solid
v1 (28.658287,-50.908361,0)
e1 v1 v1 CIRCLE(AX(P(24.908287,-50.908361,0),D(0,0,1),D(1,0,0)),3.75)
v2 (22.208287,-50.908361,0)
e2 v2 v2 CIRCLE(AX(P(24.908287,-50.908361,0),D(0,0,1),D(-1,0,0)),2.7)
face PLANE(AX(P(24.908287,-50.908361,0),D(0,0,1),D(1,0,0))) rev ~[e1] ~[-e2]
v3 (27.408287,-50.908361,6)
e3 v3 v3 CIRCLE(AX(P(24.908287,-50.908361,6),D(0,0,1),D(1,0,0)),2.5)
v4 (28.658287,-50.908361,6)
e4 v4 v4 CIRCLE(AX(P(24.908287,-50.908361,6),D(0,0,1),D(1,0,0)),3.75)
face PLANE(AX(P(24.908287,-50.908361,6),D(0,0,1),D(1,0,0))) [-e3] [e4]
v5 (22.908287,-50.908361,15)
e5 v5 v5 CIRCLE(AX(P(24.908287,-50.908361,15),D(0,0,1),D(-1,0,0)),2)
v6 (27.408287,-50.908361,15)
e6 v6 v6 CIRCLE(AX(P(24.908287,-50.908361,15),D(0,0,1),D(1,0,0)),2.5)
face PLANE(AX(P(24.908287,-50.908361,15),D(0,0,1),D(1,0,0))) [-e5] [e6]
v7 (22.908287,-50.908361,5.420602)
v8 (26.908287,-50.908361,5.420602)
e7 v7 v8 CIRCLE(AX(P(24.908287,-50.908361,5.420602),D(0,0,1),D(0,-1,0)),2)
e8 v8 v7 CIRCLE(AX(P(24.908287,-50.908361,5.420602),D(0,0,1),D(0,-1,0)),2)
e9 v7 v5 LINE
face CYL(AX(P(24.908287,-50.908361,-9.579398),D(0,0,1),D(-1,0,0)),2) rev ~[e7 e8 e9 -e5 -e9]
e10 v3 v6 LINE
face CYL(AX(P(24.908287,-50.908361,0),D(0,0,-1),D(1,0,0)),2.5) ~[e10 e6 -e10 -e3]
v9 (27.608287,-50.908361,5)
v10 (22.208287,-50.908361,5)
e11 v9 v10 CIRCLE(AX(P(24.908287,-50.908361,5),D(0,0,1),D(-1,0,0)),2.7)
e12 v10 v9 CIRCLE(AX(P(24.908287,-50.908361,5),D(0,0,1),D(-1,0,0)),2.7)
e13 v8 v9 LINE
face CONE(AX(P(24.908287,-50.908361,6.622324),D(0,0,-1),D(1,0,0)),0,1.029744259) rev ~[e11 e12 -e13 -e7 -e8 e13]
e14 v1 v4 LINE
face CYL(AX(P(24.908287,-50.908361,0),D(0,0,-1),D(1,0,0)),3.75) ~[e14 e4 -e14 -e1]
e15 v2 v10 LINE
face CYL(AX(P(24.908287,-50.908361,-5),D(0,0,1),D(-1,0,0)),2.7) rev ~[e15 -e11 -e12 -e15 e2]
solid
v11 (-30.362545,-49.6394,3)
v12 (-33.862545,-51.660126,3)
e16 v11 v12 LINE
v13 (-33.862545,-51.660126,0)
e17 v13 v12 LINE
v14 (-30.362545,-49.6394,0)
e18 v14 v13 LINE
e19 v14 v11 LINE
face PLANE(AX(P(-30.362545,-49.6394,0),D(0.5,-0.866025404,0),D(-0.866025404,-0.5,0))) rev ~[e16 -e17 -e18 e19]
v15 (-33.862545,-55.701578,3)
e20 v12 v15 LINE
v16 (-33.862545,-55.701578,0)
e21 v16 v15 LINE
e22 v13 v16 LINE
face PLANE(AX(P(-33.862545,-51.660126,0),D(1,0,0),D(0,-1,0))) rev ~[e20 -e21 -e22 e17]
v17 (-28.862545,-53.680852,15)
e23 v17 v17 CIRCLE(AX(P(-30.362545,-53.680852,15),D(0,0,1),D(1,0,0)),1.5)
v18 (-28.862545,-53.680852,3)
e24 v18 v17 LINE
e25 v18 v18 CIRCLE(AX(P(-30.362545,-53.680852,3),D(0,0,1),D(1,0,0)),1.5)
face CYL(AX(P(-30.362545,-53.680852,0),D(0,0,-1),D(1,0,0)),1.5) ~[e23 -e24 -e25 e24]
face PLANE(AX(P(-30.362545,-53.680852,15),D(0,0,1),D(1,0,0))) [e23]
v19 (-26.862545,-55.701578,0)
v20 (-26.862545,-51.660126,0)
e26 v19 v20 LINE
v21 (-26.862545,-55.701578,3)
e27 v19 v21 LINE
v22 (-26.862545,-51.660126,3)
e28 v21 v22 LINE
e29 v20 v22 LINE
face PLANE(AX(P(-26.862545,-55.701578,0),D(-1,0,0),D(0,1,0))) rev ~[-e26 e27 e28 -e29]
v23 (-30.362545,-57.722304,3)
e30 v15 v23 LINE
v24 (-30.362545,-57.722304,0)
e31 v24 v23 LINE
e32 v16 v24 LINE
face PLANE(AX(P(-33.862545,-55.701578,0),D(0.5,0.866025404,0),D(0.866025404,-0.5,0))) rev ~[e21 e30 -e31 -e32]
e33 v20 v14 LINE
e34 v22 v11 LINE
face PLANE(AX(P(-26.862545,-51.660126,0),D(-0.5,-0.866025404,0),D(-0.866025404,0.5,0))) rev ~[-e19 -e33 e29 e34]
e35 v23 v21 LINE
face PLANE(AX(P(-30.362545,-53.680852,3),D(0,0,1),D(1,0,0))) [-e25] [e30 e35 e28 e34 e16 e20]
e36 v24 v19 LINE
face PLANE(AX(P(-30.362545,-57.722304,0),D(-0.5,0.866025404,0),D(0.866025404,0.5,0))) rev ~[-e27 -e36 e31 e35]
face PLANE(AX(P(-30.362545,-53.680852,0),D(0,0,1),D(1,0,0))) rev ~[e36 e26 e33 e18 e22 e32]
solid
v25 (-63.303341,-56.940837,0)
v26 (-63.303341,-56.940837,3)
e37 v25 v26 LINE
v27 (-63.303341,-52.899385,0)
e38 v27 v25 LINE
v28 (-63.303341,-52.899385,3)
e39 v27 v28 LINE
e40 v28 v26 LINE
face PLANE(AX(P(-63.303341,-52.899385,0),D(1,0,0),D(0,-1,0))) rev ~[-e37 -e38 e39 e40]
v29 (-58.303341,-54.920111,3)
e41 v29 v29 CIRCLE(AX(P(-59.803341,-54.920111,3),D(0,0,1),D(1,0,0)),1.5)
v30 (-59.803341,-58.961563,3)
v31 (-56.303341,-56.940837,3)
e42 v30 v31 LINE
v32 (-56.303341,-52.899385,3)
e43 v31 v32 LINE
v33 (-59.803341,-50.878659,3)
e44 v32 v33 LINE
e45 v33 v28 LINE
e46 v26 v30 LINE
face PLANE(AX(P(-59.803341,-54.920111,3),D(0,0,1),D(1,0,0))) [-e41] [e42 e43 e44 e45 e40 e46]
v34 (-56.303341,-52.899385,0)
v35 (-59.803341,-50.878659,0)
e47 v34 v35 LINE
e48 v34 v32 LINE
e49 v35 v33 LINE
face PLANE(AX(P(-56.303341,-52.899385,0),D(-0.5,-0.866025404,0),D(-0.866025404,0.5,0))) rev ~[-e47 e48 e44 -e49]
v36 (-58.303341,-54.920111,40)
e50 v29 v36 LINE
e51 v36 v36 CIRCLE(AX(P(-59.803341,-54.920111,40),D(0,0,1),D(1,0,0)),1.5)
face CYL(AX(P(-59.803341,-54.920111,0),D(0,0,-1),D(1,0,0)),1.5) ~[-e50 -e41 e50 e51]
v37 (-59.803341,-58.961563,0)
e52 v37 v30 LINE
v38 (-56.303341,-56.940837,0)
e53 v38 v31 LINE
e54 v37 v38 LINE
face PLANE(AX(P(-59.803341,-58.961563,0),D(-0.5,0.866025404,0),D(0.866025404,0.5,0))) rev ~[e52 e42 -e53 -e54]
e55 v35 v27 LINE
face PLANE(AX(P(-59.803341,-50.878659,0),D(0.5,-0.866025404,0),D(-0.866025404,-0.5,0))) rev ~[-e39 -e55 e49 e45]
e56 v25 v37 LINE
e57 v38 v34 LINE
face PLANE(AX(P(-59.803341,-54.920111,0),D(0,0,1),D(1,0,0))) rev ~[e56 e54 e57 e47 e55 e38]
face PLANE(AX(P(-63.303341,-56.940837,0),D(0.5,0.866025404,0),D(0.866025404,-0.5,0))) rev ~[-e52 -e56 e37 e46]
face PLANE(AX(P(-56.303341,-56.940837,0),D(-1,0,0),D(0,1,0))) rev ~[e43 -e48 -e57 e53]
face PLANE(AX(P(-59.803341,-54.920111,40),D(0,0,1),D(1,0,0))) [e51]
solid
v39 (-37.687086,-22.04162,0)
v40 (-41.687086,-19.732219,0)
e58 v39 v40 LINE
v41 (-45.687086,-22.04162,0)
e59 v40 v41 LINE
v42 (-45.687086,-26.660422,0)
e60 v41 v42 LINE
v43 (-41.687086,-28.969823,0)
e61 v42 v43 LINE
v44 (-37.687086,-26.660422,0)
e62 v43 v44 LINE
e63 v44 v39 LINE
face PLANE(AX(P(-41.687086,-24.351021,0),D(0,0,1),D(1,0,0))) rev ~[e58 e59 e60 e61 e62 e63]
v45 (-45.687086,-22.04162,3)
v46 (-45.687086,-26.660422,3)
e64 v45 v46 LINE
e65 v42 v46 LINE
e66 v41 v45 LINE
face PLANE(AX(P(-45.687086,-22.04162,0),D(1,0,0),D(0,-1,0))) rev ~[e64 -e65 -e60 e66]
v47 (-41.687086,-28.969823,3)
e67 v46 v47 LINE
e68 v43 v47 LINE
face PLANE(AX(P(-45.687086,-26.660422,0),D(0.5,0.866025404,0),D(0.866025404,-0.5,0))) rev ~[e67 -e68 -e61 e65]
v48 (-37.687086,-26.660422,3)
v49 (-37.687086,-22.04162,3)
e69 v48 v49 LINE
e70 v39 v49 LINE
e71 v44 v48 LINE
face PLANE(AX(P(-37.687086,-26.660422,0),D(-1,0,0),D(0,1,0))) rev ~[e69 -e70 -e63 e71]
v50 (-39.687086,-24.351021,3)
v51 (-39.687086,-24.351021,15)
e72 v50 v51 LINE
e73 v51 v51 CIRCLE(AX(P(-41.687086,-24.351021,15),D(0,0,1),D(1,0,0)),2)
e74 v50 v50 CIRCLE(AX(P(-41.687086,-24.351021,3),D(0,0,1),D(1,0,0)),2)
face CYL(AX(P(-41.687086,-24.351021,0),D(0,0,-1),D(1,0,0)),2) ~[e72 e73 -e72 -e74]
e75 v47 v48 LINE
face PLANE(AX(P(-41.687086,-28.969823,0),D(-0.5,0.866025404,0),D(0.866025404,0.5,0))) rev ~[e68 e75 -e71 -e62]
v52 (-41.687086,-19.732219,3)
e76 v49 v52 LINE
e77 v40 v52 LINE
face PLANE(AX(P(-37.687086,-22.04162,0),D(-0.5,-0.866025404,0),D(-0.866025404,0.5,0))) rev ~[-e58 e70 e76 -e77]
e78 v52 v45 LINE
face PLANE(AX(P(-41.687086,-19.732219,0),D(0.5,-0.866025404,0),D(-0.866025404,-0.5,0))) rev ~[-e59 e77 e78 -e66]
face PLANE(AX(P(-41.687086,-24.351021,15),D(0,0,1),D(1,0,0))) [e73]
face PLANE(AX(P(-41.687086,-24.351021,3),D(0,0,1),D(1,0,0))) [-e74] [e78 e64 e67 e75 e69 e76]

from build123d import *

# Parameters (mm, degrees)
F0_R     = 1.5
F1_DEPTH = 3
F0_R_2   = 2
F2_DEPTH = 40
F3_DEPTH = 15
F4_R     = 3.75
F4_R_2   = 2.5
F5_DEPTH = 6
F6_DEPTH = 15
F7_D     = 5.4
F7_DEPTH = 5
F7_TIP   = 1.6223236714
F8_D     = 4
F8_DEPTH = 15
F8_START = 5.4206024
F8_TIP   = 1.2017212381


with BuildPart() as f1:
    # F0 (on Top) → F1 (new body)
    with BuildSketch(Plane.XY):
        Polygon((-56.303340584, -56.9408367937), (-56.303340584, -52.8993849094), (-59.803340584, -50.8786589672), (-63.303340584, -52.8993849094), (-63.303340584, -56.9408367937), (-59.803340584, -58.9615627359), align=None)
        with Locations((-59.803340584, -54.9201108515)):
            Circle(F0_R, mode=Mode.SUBTRACT)
    extrude(amount=F1_DEPTH)

    # F0 (on Top) → F2 (join)
    with BuildSketch(Plane.XY):
        with Locations((-59.803340584, -54.9201108515)):
            Circle(F0_R)
    extrude(amount=F2_DEPTH)


with BuildPart() as f1b:
    # F0 (on Top) → F1, piece 2 (new body)
    with BuildSketch(Plane.XY):
        Polygon((-26.8625445813, -55.7015779977), (-26.8625445813, -51.6601261134), (-30.3625445813, -49.6394001712), (-33.8625445813, -51.6601261134), (-33.8625445813, -55.7015779977), (-30.3625445813, -57.7223039399), align=None)
        with Locations((-30.3625445813, -53.6808520555)):
            Circle(F0_R, mode=Mode.SUBTRACT)
    extrude(amount=F1_DEPTH)

    # F0 (on Top) → F3 (join)
    with BuildSketch(Plane.XY):
        with Locations((-30.3625445813, -53.6808520555)):
            Circle(F0_R)
    extrude(amount=F3_DEPTH)


with BuildPart() as f1c:
    # F0 (on Top) → F1, piece 3 (new body)
    with BuildSketch(Plane.XY):
        Polygon((-37.6870862246, -26.6604223517), (-37.6870862246, -22.0416201982), (-41.6870862246, -19.7322191214), (-45.6870862246, -22.0416201982), (-45.6870862246, -26.6604223517), (-41.6870862246, -28.9698234284), align=None)
        with Locations((-41.6870862246, -24.3510212749)):
            Circle(F0_R_2, mode=Mode.SUBTRACT)
    extrude(amount=F1_DEPTH)

    # F0 (on Top) → F3, piece 2 (join)
    with BuildSketch(Plane.XY):
        with Locations((-41.6870862246, -24.3510212749)):
            Circle(F0_R_2)
    extrude(amount=F3_DEPTH)


with BuildPart() as f5:
    # F4 (on Top) → F5 (new body)
    with BuildSketch(Plane.XY):
        with Locations((24.9082874507, -50.9083606303)):
            Circle(F4_R)
        with Locations((24.9082874507, -50.9083606303)):
            Circle(F4_R_2, mode=Mode.SUBTRACT)
    extrude(amount=F5_DEPTH)

    # F4 (on Top) → F6 (join)
    with BuildSketch(Plane.XY):
        with Locations((24.9082874507, -50.9083606303)):
            Circle(F4_R_2)
    extrude(amount=F6_DEPTH)

    # F7
    with Locations(Plane(origin=(0, 0, 0), x_dir=(1, 0, 0), z_dir=(0, 0, -1))):
        with Locations((24.9082874507, 50.9083606303)):
            Hole(F7_D / 2, depth=F7_DEPTH)
            with Locations((0, 0, -(F7_DEPTH + F7_TIP / 2))):  # 118° drill point
                Cone(0, F7_D / 2, F7_TIP, mode=Mode.SUBTRACT)

    # F8
    # its depths count from where the whole tool has entered the part; down to there all is cleared
    with Locations(Plane(origin=(0, 0, 0), x_dir=(1, 0, 0), z_dir=(0, 0, -1)).offset(-F8_START)):
        with Locations((24.9082874507, 50.9083606303)):
            Hole(F8_D / 2, depth=F8_DEPTH)
            with Locations((0, 0, -(F8_DEPTH + F8_TIP / 2))):  # 118° drill point
                Cone(0, F8_D / 2, F8_TIP, mode=Mode.SUBTRACT)


solid = Compound([f1.part, f1b.part, f1c.part, f5.part])
